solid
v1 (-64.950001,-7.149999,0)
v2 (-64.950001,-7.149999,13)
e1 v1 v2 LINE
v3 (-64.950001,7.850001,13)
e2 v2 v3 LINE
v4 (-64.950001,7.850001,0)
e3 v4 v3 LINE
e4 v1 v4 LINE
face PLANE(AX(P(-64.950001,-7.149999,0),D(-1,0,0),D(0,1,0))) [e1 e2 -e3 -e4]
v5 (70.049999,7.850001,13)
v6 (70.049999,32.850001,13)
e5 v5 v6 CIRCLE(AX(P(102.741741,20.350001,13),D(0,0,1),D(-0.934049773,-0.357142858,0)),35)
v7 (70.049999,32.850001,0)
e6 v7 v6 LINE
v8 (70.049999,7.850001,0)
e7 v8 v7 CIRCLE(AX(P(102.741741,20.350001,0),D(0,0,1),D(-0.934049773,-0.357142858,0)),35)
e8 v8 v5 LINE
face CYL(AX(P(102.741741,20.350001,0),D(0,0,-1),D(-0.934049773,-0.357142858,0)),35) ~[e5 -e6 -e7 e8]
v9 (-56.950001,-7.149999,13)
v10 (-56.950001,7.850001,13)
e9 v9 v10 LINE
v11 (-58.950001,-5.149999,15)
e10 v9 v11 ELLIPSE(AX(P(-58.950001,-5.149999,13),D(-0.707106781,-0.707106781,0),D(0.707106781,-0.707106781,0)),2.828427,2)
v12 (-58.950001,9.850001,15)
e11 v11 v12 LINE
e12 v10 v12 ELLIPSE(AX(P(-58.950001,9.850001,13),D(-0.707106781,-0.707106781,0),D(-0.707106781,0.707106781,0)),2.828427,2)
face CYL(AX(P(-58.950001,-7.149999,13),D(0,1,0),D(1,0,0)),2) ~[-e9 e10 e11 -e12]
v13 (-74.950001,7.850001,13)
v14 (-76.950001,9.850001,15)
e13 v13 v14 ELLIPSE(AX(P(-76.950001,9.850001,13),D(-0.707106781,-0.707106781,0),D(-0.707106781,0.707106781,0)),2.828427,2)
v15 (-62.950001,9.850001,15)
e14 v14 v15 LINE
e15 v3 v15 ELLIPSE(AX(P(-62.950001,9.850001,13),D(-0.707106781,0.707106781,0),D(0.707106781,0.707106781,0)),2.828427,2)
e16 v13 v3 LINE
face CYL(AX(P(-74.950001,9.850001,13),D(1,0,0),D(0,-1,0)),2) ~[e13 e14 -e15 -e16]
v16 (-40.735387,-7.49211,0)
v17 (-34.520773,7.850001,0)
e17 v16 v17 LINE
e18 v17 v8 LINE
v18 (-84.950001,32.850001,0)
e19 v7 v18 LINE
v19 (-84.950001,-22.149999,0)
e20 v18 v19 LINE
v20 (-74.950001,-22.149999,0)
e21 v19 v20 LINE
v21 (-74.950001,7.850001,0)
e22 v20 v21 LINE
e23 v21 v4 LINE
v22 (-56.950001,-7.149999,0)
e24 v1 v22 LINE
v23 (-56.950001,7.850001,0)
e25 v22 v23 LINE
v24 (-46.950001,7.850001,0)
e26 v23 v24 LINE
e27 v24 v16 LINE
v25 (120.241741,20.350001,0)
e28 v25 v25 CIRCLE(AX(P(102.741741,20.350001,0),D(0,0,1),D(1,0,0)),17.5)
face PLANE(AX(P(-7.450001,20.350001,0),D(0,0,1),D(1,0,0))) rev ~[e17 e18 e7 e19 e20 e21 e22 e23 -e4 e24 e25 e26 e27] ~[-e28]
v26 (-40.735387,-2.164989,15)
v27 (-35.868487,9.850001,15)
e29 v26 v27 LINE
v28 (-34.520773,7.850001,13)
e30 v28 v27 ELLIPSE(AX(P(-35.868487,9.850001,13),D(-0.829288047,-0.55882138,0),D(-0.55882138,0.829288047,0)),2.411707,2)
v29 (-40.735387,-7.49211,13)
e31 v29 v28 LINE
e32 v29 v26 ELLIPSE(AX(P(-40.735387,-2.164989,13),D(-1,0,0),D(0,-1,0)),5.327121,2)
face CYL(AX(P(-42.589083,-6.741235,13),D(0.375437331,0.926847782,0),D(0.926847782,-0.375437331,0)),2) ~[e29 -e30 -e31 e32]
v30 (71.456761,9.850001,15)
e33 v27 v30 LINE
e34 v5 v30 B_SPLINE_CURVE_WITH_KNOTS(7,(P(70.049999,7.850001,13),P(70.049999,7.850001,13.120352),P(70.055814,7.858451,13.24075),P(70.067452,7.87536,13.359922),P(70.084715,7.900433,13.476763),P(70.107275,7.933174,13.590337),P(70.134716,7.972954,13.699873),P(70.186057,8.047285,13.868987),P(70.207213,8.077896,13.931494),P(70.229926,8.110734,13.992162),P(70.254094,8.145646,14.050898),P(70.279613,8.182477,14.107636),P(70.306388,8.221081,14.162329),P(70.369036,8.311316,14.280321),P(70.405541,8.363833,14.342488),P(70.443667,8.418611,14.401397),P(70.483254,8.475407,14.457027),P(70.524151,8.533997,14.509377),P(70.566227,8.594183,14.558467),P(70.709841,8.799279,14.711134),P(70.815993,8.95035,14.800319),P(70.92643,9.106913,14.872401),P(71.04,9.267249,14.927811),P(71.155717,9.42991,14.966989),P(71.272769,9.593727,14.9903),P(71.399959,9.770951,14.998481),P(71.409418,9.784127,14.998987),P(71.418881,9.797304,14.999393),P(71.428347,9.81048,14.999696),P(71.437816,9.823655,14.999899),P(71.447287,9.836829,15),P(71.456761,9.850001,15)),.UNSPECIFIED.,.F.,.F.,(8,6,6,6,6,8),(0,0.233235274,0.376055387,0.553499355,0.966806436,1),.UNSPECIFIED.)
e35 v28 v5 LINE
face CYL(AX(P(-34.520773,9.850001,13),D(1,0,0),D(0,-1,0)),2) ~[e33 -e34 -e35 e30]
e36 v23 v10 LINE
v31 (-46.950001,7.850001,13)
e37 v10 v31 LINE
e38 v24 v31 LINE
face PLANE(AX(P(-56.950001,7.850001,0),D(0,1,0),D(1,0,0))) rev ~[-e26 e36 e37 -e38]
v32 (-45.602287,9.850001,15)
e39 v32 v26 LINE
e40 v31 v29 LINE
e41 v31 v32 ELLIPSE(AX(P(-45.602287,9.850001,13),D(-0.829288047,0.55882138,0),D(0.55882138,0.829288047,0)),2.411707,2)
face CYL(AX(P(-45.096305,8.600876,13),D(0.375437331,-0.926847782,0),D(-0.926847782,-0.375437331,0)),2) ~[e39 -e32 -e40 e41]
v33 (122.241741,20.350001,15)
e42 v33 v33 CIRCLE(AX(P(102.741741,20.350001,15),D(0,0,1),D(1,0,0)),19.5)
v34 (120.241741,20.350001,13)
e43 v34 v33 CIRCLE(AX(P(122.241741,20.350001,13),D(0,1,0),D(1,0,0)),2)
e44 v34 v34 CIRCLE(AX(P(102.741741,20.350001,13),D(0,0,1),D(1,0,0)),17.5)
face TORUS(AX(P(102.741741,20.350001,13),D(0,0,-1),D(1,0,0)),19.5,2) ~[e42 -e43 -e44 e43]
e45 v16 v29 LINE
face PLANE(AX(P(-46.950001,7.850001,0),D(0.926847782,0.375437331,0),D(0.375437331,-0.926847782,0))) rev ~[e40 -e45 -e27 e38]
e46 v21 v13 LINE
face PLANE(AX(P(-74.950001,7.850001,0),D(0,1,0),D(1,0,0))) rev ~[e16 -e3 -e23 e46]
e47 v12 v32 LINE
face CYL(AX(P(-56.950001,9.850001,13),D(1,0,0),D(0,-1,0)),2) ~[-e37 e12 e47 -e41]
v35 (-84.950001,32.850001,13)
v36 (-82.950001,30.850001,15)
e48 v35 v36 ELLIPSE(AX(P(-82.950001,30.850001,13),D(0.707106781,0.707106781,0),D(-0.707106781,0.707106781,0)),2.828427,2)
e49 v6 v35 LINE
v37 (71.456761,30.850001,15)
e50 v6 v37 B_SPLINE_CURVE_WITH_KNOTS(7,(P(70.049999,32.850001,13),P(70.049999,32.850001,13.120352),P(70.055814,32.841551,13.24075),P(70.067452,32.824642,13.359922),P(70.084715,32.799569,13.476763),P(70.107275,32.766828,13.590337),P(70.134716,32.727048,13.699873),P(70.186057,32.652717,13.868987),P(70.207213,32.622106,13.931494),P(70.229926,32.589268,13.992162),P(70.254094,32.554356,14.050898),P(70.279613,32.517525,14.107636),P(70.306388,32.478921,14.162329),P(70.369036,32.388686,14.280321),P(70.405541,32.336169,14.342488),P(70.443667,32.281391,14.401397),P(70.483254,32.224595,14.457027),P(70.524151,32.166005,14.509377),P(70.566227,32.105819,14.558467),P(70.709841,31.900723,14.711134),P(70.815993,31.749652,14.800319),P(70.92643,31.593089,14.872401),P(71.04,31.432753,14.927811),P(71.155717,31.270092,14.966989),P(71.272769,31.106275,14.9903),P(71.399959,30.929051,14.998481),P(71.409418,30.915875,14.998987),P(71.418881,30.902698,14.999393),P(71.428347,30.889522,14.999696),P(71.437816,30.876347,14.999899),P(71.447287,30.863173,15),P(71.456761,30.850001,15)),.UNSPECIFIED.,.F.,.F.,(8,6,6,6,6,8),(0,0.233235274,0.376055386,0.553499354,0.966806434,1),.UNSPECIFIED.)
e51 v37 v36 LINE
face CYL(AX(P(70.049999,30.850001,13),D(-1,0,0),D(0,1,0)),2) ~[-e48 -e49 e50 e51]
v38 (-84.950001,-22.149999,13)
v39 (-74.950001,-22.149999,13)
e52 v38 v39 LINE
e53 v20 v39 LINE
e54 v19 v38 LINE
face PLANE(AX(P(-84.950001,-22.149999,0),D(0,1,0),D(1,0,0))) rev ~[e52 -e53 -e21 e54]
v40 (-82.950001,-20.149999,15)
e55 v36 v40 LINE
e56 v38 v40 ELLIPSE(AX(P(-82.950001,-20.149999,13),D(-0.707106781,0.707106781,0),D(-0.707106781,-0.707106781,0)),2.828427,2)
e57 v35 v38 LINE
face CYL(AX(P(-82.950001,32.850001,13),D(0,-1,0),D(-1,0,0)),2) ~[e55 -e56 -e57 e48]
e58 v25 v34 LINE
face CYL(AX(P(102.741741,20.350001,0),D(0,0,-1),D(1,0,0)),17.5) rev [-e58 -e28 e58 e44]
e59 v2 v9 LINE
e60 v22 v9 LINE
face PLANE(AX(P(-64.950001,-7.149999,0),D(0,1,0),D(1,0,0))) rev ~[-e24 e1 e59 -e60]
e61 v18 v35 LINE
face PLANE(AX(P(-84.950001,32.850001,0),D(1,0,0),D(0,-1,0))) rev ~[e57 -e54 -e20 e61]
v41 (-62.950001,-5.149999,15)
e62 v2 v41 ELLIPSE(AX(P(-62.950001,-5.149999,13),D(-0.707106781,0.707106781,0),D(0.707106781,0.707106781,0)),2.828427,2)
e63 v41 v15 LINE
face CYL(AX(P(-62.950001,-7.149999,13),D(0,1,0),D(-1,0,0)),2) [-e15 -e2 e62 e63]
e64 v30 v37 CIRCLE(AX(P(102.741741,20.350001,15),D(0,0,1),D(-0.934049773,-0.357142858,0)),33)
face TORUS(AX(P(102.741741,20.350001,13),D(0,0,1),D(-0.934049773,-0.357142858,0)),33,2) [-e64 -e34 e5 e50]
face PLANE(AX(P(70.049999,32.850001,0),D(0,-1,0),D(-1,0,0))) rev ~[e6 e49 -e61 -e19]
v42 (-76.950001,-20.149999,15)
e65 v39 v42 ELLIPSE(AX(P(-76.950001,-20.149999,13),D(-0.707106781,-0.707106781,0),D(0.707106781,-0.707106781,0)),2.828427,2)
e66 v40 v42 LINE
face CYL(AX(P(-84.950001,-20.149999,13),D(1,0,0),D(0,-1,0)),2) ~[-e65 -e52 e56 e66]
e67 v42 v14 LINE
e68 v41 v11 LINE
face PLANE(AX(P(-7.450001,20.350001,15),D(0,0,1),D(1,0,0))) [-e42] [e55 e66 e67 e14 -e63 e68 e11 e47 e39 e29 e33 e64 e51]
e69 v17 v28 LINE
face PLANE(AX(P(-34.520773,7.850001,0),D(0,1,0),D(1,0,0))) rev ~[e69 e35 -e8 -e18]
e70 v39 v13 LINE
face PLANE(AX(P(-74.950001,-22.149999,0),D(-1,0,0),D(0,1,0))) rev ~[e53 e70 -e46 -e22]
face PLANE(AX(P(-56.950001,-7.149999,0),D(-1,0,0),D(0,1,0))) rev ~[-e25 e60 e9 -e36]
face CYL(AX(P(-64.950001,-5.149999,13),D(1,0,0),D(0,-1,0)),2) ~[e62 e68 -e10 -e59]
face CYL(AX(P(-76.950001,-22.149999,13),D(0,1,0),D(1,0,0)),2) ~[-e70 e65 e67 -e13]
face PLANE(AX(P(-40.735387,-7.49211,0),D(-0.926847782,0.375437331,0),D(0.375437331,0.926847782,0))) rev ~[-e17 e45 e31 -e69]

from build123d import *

# Parameters (mm, degrees)
F0_R     = 17.5
F0_W     = 10
F0_H     = 30
F0_W_2   = 8
F0_H_2   = 15
F1_DEPTH = 15
F2_R     = 2


with BuildPart() as f1:
    # F0 (on Top) → F1 (new body)
    with BuildSketch(Plane.XY):
        Polygon((70.049999, 32.850001), (-84.950001, 32.850001), (-84.950001, 7.850001), (-74.950001, 7.850001), (-64.950001, 7.850001), (-56.950001, 7.850001), (-46.950001, 7.850001), (-34.520773, 7.850001), (70.049999, 7.850001), align=None)
        with BuildLine():
            ThreePointArc((70.049999, 7.850001), (137.741741, 20.350001), (70.049999, 32.850001))
            Line((70.049999, 32.850001), (70.049999, 7.850001))
        make_face()
        with Locations((102.741741, 20.350001)):
            Circle(F0_R, mode=Mode.SUBTRACT)
        with Locations((-79.950001, -7.149999)):
            Rectangle(F0_W, F0_H)
        Polygon((-40.735387, -7.49211), (-34.520773, 7.850001), (-46.950001, 7.850001), align=None)
        with Locations((-60.950001, 0.350001)):
            Rectangle(F0_W_2, F0_H_2)
    extrude(amount=F1_DEPTH)

    # F2
    f2_edges = [f1.edges().sort_by_distance(p)[0] for p in [
        (-7.450001, 32.850001, 15),
        (-84.950001, 5.350001, 15),
        (-79.950001, -22.149999, 15),
        (-74.950001, -7.149999, 15),
        (-69.950001, 7.850001, 15),
        (-64.950001, 0.350001, 15),
        (-60.950001, -7.149999, 15),
        (-56.950001, 0.350001, 15),
        (-51.950001, 7.850001, 15),
        (-43.842694, 0.178945, 15),
        (-37.62808, 0.178945, 15),
        (17.764613, 7.850001, 15),
        (137.741741, 20.350001, 15),
        (85.241741, 20.350001, 15),
    ]]
    fillet(f2_edges, radius=F2_R)


solid = f1.part
